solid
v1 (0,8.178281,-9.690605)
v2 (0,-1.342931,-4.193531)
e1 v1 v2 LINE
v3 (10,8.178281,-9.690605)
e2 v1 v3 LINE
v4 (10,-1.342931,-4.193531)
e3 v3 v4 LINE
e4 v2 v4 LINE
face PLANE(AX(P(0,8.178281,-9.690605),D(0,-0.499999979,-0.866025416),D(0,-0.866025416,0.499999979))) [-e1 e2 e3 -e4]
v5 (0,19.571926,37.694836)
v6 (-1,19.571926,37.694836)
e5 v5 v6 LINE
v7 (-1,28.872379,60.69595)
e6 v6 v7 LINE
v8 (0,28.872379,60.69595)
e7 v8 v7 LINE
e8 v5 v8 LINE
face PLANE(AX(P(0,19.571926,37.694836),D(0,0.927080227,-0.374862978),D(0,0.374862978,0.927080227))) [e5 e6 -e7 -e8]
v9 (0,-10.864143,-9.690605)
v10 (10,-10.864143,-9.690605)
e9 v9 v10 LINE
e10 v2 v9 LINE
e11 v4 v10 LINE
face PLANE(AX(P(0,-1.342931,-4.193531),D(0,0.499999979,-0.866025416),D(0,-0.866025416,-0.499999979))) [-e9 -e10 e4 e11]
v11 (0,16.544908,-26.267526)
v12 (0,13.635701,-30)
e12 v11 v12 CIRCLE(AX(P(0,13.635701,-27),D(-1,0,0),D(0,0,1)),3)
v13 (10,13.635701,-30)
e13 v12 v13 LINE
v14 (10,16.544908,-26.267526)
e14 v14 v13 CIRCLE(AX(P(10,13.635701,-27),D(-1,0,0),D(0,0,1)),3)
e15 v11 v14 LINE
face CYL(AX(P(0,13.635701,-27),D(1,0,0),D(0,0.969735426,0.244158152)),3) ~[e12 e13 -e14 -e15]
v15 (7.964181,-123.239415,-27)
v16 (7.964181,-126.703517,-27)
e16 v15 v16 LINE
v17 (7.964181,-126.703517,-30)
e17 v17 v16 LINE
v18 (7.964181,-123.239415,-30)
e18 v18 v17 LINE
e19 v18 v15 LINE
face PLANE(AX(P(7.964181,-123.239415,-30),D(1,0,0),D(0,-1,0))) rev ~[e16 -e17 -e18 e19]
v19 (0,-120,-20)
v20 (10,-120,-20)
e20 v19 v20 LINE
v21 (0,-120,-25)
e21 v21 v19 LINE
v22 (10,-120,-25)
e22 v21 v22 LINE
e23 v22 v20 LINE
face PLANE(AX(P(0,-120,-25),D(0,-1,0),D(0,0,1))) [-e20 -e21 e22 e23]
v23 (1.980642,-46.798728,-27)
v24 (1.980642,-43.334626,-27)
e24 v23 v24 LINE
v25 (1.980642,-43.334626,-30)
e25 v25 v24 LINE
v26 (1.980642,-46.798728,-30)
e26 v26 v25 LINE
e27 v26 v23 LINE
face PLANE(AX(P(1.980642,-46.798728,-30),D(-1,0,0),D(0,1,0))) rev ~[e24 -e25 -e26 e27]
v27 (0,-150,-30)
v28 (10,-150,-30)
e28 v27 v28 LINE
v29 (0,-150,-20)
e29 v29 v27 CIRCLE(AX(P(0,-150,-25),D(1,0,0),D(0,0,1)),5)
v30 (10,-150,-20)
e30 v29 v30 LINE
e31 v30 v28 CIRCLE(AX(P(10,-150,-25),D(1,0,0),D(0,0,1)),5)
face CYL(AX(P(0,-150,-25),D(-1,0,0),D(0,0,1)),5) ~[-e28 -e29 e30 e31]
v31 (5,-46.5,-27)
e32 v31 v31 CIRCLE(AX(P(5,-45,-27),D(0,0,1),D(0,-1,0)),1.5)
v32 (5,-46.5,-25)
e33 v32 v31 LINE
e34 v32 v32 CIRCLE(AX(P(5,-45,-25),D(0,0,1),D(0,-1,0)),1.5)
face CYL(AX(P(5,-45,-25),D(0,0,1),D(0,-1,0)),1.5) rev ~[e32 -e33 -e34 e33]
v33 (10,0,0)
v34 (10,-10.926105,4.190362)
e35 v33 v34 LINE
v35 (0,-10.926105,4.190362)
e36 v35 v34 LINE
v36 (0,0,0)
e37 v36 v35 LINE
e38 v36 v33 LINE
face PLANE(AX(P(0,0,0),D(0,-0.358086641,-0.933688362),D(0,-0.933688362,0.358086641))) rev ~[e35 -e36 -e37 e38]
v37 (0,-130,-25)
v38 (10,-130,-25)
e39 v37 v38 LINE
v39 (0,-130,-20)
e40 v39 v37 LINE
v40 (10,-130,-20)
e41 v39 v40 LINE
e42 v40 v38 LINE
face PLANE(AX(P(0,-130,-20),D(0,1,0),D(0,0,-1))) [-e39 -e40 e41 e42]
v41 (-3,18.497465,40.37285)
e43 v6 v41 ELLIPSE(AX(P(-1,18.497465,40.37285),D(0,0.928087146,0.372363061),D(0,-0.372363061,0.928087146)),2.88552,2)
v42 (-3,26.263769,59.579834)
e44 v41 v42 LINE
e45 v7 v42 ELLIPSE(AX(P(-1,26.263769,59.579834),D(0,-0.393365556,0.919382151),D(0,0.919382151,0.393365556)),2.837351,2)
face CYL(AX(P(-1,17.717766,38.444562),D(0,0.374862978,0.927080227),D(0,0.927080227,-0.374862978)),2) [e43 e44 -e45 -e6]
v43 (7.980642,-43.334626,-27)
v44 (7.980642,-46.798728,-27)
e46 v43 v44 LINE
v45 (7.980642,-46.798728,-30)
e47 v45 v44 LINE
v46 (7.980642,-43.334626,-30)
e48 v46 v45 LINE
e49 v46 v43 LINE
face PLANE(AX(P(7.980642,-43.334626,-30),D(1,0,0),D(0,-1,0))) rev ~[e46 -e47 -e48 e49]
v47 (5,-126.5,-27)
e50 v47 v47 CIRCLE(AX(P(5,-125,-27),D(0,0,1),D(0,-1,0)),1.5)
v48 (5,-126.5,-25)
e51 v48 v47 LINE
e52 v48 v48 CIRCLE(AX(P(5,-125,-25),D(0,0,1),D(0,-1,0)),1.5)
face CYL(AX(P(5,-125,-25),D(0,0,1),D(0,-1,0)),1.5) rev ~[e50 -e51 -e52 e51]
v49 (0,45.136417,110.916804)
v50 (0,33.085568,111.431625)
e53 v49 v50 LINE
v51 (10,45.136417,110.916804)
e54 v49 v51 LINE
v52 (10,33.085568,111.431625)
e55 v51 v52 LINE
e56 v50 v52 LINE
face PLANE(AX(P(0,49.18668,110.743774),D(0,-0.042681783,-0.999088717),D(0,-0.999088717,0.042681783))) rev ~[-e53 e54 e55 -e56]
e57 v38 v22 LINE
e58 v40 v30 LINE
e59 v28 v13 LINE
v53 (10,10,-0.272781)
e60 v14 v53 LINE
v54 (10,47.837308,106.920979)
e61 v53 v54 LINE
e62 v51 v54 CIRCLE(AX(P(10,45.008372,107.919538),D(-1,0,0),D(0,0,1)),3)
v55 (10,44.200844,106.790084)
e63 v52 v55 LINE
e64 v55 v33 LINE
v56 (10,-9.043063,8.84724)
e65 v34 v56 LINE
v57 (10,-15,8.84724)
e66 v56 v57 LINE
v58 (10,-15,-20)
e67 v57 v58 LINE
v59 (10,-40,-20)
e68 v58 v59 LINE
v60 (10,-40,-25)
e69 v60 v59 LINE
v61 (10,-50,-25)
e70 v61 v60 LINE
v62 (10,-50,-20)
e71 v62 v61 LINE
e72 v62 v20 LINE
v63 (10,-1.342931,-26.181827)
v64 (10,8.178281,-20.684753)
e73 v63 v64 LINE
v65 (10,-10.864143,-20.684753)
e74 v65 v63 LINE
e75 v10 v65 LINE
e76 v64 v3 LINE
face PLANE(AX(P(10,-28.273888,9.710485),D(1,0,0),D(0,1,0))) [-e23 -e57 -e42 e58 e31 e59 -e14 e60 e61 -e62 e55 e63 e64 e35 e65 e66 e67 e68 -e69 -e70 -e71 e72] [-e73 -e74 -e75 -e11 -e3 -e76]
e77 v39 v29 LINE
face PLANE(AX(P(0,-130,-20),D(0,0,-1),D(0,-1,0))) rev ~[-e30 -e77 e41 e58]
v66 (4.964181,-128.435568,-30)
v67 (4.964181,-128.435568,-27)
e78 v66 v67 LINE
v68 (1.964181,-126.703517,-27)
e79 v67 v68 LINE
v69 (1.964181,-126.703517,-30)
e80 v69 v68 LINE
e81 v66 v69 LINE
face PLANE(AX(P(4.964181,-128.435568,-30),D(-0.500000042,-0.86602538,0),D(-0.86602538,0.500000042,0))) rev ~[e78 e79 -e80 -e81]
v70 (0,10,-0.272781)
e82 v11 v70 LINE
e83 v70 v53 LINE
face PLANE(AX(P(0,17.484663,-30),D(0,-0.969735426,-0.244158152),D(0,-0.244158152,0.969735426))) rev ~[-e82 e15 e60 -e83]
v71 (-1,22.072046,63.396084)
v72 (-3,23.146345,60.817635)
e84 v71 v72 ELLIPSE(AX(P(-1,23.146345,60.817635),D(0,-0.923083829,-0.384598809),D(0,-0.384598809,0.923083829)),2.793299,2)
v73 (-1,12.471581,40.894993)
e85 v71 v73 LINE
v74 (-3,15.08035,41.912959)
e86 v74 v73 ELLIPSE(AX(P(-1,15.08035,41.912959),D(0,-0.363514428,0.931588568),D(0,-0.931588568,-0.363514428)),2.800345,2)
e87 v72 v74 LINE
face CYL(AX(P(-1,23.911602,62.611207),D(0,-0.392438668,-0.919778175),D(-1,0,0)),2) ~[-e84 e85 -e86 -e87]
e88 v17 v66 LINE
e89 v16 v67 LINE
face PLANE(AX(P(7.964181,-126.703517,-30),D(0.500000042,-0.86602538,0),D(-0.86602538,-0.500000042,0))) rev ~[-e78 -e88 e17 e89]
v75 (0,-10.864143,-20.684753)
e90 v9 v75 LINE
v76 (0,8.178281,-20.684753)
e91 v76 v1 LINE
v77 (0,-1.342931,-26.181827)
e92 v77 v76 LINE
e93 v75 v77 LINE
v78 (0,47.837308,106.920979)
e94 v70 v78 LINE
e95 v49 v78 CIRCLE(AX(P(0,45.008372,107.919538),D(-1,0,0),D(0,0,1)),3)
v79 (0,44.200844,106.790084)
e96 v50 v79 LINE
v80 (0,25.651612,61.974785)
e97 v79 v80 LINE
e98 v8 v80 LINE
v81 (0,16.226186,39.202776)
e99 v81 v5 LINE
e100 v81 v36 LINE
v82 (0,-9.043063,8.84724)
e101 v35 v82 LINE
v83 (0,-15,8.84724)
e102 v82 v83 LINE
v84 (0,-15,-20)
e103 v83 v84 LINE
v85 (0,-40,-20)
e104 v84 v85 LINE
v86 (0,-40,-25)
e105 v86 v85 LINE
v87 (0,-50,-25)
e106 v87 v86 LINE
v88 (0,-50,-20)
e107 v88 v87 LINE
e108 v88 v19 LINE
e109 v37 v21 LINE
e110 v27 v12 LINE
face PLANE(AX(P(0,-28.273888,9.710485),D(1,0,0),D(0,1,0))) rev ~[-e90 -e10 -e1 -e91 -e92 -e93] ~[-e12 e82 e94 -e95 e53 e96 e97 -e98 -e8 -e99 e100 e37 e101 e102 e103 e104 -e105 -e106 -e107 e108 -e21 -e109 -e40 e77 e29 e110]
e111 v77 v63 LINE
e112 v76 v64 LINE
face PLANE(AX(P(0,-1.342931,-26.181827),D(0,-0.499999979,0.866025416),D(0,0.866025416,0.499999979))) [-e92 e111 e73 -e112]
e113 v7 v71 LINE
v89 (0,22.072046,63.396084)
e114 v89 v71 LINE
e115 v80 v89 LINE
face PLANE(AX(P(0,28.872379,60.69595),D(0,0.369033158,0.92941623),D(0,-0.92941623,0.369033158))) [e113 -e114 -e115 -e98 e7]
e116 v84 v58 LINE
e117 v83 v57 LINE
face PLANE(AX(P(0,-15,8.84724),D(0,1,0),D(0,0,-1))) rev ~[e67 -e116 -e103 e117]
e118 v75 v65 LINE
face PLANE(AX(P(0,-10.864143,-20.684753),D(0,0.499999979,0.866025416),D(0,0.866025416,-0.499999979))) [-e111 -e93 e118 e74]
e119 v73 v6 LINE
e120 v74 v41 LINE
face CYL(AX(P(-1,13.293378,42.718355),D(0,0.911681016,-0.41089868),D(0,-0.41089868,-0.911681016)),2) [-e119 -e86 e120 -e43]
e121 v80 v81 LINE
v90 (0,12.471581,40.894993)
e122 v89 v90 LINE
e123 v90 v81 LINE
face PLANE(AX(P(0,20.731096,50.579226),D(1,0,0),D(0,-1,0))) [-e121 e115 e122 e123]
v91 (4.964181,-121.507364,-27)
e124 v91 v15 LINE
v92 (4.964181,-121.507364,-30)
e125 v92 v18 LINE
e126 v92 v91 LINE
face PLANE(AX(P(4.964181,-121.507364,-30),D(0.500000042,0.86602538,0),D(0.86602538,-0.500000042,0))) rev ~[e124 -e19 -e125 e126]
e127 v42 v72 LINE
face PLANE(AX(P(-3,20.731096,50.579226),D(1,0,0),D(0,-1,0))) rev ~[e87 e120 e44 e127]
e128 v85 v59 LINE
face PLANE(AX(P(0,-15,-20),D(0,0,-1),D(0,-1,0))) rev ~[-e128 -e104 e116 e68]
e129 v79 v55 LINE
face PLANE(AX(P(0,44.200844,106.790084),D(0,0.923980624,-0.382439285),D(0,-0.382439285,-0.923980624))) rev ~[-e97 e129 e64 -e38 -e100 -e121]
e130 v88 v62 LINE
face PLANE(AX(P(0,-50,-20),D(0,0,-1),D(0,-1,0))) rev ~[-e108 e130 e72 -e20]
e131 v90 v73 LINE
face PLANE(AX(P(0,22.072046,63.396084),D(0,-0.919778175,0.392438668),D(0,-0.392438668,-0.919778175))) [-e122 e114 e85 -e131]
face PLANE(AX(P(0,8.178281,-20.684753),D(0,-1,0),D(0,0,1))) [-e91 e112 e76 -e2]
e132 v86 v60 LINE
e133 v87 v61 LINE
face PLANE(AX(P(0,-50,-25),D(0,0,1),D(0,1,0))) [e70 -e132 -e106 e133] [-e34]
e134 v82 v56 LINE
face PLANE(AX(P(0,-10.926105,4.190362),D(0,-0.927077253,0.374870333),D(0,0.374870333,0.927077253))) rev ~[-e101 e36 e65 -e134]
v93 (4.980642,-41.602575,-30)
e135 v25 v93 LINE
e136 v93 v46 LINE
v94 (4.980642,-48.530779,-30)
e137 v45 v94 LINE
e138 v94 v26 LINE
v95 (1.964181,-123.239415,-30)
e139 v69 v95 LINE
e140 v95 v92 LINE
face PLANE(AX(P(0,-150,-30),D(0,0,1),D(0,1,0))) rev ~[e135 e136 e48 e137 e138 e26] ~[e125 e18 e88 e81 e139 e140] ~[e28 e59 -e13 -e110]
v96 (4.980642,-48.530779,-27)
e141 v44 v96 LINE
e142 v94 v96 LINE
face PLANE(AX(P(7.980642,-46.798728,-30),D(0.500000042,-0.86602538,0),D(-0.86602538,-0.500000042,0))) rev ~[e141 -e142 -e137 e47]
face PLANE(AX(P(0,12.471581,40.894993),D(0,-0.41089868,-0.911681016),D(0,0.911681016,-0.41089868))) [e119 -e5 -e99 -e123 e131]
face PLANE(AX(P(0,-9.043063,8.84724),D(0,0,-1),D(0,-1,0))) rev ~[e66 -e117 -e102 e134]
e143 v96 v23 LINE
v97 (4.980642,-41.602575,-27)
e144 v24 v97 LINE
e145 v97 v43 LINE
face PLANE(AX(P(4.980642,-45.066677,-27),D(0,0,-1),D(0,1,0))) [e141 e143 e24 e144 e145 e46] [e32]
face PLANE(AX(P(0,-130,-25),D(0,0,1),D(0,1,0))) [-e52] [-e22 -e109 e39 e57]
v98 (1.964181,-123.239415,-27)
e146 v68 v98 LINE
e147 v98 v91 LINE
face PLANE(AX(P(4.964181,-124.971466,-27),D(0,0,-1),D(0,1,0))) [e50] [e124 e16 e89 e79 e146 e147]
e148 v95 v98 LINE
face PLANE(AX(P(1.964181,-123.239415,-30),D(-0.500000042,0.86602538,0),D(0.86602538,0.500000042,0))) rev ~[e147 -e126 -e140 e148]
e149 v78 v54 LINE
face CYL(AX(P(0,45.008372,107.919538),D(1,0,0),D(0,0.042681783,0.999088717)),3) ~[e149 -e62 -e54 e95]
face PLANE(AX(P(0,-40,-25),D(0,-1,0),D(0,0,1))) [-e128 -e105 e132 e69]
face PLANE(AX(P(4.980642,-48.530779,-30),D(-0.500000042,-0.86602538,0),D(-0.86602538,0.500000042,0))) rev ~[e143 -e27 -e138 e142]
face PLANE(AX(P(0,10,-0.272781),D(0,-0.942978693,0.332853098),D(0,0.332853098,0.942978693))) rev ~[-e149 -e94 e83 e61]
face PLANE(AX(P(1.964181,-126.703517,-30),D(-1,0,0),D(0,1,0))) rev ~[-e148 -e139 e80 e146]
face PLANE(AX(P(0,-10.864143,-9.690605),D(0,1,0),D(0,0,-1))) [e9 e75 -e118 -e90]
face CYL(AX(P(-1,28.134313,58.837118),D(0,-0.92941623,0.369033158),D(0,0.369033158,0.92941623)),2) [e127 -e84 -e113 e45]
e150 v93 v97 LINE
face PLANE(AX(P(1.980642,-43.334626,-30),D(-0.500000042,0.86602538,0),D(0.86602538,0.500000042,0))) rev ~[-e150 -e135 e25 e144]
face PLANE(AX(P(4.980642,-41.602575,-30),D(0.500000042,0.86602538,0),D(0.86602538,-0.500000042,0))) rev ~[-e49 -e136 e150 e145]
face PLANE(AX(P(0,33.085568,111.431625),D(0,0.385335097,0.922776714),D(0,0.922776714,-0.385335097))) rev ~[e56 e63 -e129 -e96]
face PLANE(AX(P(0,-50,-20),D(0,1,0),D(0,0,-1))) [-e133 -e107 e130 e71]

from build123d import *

# Parameters (mm, degrees)
PAD_DEPTH       = 10
SKETCH001_R     = 1.5
POCKET_DEPTH    = 5
PAD001_DEPTH    = 3
FILLET_R        = 2
FILLET001_R     = 3
FILLET002_R     = 3
POCKET001_DEPTH = 3


with BuildPart() as part:
    # Sketch → Pad (new body)
    with BuildSketch(Plane.YZ):
        with BuildLine():
            Line((33.085568, 111.431625), (44.200844, 106.790084))
            Line((44.200844, 106.790084), (0, 0))
            Line((0, 0), (-10.926105, 4.190362))
            Line((-10.926105, 4.190362), (-9.043063, 8.84724))
            Line((-9.043063, 8.84724), (-15, 8.84724))
            Line((-15, 8.84724), (-15, -20))
            Line((-15, -20), (-40, -20))
            Line((-40, -25), (-40, -20))
            Line((-50, -25), (-40, -25))
            Line((-50, -20), (-50, -25))
            Line((-50, -20), (-120, -20))
            Line((-120, -25), (-120, -20))
            Line((-130, -25), (-120, -25))
            Line((-130, -20), (-130, -25))
            Line((-130, -20), (-150, -20))
            ThreePointArc((-150, -20), (-155, -25), (-150, -30))
            Line((-150, -30), (17.484663, -30))
            Line((17.484663, -30), (10, -0.272781))
            Line((10, -0.272781), (49.18668, 110.743774))
            Line((49.18668, 110.743774), (33.085568, 111.431625))
        make_face()
        Polygon((8.178281, -20.684753), (8.178281, -9.690605), (-1.342931, -4.193531), (-10.864143, -9.690605), (-10.864143, -20.684753), (-1.342931, -26.181827), align=None, mode=Mode.SUBTRACT)
    extrude(amount=PAD_DEPTH)

    # Sketch001 → Pocket (cut)
    with BuildSketch(Plane(origin=(0, 0, -25), x_dir=(0, -1, 0), z_dir=(0, 0, 1))):
        with Locations((45, 5)):
            Circle(SKETCH001_R)
        with Locations((125, 5)):
            Circle(SKETCH001_R)
    extrude(amount=-POCKET_DEPTH, mode=Mode.SUBTRACT)

    # Sketch003 → Pad001 (new body)
    with BuildSketch(Plane(origin=(0, 0, 0), x_dir=(0, 1, 0), z_dir=(-1, 0, 0))):
        Polygon((19.571926, -37.694836), (28.872379, -60.69595), (22.072046, -63.396084), (12.471581, -40.894993), align=None)
    extrude(amount=PAD001_DEPTH)

    # Fillet
    fillet_edges = [part.edges().sort_by_distance(p)[0] for p in [
        (-3, 24.222153, 49.195393),
        (-3, 25.472213, 62.046017),
        (-3, 17.271813, 52.145538),
        (-3, 16.021754, 39.294915),
    ]]
    fillet(fillet_edges, radius=FILLET_R)

    # Fillet001
    fillet001_edges = [part.edges().sort_by_distance(p)[0] for p in [
        (5, 49.18668, 110.743774),
    ]]
    fillet(fillet001_edges, radius=FILLET001_R)

    # Fillet002
    fillet002_edges = [part.edges().sort_by_distance(p)[0] for p in [
        (5, 17.484663, -30),
    ]]
    fillet(fillet002_edges, radius=FILLET002_R)

    # Sketch002 → Pocket001 (cut)
    with BuildSketch(Plane.YX.offset(30)):
        Polygon((-123.239415, 1.964181), (-121.507364, 4.964181), (-123.239415, 7.964181), (-126.703517, 7.964181), (-128.435568, 4.964181), (-126.703517, 1.964181), align=None)
        Polygon((-43.334626, 7.980642), (-46.798728, 7.980642), (-48.530779, 4.980642), (-46.798728, 1.980642), (-43.334626, 1.980642), (-41.602575, 4.980642), align=None)
    extrude(amount=-POCKET001_DEPTH, mode=Mode.SUBTRACT)


solid = part.part
